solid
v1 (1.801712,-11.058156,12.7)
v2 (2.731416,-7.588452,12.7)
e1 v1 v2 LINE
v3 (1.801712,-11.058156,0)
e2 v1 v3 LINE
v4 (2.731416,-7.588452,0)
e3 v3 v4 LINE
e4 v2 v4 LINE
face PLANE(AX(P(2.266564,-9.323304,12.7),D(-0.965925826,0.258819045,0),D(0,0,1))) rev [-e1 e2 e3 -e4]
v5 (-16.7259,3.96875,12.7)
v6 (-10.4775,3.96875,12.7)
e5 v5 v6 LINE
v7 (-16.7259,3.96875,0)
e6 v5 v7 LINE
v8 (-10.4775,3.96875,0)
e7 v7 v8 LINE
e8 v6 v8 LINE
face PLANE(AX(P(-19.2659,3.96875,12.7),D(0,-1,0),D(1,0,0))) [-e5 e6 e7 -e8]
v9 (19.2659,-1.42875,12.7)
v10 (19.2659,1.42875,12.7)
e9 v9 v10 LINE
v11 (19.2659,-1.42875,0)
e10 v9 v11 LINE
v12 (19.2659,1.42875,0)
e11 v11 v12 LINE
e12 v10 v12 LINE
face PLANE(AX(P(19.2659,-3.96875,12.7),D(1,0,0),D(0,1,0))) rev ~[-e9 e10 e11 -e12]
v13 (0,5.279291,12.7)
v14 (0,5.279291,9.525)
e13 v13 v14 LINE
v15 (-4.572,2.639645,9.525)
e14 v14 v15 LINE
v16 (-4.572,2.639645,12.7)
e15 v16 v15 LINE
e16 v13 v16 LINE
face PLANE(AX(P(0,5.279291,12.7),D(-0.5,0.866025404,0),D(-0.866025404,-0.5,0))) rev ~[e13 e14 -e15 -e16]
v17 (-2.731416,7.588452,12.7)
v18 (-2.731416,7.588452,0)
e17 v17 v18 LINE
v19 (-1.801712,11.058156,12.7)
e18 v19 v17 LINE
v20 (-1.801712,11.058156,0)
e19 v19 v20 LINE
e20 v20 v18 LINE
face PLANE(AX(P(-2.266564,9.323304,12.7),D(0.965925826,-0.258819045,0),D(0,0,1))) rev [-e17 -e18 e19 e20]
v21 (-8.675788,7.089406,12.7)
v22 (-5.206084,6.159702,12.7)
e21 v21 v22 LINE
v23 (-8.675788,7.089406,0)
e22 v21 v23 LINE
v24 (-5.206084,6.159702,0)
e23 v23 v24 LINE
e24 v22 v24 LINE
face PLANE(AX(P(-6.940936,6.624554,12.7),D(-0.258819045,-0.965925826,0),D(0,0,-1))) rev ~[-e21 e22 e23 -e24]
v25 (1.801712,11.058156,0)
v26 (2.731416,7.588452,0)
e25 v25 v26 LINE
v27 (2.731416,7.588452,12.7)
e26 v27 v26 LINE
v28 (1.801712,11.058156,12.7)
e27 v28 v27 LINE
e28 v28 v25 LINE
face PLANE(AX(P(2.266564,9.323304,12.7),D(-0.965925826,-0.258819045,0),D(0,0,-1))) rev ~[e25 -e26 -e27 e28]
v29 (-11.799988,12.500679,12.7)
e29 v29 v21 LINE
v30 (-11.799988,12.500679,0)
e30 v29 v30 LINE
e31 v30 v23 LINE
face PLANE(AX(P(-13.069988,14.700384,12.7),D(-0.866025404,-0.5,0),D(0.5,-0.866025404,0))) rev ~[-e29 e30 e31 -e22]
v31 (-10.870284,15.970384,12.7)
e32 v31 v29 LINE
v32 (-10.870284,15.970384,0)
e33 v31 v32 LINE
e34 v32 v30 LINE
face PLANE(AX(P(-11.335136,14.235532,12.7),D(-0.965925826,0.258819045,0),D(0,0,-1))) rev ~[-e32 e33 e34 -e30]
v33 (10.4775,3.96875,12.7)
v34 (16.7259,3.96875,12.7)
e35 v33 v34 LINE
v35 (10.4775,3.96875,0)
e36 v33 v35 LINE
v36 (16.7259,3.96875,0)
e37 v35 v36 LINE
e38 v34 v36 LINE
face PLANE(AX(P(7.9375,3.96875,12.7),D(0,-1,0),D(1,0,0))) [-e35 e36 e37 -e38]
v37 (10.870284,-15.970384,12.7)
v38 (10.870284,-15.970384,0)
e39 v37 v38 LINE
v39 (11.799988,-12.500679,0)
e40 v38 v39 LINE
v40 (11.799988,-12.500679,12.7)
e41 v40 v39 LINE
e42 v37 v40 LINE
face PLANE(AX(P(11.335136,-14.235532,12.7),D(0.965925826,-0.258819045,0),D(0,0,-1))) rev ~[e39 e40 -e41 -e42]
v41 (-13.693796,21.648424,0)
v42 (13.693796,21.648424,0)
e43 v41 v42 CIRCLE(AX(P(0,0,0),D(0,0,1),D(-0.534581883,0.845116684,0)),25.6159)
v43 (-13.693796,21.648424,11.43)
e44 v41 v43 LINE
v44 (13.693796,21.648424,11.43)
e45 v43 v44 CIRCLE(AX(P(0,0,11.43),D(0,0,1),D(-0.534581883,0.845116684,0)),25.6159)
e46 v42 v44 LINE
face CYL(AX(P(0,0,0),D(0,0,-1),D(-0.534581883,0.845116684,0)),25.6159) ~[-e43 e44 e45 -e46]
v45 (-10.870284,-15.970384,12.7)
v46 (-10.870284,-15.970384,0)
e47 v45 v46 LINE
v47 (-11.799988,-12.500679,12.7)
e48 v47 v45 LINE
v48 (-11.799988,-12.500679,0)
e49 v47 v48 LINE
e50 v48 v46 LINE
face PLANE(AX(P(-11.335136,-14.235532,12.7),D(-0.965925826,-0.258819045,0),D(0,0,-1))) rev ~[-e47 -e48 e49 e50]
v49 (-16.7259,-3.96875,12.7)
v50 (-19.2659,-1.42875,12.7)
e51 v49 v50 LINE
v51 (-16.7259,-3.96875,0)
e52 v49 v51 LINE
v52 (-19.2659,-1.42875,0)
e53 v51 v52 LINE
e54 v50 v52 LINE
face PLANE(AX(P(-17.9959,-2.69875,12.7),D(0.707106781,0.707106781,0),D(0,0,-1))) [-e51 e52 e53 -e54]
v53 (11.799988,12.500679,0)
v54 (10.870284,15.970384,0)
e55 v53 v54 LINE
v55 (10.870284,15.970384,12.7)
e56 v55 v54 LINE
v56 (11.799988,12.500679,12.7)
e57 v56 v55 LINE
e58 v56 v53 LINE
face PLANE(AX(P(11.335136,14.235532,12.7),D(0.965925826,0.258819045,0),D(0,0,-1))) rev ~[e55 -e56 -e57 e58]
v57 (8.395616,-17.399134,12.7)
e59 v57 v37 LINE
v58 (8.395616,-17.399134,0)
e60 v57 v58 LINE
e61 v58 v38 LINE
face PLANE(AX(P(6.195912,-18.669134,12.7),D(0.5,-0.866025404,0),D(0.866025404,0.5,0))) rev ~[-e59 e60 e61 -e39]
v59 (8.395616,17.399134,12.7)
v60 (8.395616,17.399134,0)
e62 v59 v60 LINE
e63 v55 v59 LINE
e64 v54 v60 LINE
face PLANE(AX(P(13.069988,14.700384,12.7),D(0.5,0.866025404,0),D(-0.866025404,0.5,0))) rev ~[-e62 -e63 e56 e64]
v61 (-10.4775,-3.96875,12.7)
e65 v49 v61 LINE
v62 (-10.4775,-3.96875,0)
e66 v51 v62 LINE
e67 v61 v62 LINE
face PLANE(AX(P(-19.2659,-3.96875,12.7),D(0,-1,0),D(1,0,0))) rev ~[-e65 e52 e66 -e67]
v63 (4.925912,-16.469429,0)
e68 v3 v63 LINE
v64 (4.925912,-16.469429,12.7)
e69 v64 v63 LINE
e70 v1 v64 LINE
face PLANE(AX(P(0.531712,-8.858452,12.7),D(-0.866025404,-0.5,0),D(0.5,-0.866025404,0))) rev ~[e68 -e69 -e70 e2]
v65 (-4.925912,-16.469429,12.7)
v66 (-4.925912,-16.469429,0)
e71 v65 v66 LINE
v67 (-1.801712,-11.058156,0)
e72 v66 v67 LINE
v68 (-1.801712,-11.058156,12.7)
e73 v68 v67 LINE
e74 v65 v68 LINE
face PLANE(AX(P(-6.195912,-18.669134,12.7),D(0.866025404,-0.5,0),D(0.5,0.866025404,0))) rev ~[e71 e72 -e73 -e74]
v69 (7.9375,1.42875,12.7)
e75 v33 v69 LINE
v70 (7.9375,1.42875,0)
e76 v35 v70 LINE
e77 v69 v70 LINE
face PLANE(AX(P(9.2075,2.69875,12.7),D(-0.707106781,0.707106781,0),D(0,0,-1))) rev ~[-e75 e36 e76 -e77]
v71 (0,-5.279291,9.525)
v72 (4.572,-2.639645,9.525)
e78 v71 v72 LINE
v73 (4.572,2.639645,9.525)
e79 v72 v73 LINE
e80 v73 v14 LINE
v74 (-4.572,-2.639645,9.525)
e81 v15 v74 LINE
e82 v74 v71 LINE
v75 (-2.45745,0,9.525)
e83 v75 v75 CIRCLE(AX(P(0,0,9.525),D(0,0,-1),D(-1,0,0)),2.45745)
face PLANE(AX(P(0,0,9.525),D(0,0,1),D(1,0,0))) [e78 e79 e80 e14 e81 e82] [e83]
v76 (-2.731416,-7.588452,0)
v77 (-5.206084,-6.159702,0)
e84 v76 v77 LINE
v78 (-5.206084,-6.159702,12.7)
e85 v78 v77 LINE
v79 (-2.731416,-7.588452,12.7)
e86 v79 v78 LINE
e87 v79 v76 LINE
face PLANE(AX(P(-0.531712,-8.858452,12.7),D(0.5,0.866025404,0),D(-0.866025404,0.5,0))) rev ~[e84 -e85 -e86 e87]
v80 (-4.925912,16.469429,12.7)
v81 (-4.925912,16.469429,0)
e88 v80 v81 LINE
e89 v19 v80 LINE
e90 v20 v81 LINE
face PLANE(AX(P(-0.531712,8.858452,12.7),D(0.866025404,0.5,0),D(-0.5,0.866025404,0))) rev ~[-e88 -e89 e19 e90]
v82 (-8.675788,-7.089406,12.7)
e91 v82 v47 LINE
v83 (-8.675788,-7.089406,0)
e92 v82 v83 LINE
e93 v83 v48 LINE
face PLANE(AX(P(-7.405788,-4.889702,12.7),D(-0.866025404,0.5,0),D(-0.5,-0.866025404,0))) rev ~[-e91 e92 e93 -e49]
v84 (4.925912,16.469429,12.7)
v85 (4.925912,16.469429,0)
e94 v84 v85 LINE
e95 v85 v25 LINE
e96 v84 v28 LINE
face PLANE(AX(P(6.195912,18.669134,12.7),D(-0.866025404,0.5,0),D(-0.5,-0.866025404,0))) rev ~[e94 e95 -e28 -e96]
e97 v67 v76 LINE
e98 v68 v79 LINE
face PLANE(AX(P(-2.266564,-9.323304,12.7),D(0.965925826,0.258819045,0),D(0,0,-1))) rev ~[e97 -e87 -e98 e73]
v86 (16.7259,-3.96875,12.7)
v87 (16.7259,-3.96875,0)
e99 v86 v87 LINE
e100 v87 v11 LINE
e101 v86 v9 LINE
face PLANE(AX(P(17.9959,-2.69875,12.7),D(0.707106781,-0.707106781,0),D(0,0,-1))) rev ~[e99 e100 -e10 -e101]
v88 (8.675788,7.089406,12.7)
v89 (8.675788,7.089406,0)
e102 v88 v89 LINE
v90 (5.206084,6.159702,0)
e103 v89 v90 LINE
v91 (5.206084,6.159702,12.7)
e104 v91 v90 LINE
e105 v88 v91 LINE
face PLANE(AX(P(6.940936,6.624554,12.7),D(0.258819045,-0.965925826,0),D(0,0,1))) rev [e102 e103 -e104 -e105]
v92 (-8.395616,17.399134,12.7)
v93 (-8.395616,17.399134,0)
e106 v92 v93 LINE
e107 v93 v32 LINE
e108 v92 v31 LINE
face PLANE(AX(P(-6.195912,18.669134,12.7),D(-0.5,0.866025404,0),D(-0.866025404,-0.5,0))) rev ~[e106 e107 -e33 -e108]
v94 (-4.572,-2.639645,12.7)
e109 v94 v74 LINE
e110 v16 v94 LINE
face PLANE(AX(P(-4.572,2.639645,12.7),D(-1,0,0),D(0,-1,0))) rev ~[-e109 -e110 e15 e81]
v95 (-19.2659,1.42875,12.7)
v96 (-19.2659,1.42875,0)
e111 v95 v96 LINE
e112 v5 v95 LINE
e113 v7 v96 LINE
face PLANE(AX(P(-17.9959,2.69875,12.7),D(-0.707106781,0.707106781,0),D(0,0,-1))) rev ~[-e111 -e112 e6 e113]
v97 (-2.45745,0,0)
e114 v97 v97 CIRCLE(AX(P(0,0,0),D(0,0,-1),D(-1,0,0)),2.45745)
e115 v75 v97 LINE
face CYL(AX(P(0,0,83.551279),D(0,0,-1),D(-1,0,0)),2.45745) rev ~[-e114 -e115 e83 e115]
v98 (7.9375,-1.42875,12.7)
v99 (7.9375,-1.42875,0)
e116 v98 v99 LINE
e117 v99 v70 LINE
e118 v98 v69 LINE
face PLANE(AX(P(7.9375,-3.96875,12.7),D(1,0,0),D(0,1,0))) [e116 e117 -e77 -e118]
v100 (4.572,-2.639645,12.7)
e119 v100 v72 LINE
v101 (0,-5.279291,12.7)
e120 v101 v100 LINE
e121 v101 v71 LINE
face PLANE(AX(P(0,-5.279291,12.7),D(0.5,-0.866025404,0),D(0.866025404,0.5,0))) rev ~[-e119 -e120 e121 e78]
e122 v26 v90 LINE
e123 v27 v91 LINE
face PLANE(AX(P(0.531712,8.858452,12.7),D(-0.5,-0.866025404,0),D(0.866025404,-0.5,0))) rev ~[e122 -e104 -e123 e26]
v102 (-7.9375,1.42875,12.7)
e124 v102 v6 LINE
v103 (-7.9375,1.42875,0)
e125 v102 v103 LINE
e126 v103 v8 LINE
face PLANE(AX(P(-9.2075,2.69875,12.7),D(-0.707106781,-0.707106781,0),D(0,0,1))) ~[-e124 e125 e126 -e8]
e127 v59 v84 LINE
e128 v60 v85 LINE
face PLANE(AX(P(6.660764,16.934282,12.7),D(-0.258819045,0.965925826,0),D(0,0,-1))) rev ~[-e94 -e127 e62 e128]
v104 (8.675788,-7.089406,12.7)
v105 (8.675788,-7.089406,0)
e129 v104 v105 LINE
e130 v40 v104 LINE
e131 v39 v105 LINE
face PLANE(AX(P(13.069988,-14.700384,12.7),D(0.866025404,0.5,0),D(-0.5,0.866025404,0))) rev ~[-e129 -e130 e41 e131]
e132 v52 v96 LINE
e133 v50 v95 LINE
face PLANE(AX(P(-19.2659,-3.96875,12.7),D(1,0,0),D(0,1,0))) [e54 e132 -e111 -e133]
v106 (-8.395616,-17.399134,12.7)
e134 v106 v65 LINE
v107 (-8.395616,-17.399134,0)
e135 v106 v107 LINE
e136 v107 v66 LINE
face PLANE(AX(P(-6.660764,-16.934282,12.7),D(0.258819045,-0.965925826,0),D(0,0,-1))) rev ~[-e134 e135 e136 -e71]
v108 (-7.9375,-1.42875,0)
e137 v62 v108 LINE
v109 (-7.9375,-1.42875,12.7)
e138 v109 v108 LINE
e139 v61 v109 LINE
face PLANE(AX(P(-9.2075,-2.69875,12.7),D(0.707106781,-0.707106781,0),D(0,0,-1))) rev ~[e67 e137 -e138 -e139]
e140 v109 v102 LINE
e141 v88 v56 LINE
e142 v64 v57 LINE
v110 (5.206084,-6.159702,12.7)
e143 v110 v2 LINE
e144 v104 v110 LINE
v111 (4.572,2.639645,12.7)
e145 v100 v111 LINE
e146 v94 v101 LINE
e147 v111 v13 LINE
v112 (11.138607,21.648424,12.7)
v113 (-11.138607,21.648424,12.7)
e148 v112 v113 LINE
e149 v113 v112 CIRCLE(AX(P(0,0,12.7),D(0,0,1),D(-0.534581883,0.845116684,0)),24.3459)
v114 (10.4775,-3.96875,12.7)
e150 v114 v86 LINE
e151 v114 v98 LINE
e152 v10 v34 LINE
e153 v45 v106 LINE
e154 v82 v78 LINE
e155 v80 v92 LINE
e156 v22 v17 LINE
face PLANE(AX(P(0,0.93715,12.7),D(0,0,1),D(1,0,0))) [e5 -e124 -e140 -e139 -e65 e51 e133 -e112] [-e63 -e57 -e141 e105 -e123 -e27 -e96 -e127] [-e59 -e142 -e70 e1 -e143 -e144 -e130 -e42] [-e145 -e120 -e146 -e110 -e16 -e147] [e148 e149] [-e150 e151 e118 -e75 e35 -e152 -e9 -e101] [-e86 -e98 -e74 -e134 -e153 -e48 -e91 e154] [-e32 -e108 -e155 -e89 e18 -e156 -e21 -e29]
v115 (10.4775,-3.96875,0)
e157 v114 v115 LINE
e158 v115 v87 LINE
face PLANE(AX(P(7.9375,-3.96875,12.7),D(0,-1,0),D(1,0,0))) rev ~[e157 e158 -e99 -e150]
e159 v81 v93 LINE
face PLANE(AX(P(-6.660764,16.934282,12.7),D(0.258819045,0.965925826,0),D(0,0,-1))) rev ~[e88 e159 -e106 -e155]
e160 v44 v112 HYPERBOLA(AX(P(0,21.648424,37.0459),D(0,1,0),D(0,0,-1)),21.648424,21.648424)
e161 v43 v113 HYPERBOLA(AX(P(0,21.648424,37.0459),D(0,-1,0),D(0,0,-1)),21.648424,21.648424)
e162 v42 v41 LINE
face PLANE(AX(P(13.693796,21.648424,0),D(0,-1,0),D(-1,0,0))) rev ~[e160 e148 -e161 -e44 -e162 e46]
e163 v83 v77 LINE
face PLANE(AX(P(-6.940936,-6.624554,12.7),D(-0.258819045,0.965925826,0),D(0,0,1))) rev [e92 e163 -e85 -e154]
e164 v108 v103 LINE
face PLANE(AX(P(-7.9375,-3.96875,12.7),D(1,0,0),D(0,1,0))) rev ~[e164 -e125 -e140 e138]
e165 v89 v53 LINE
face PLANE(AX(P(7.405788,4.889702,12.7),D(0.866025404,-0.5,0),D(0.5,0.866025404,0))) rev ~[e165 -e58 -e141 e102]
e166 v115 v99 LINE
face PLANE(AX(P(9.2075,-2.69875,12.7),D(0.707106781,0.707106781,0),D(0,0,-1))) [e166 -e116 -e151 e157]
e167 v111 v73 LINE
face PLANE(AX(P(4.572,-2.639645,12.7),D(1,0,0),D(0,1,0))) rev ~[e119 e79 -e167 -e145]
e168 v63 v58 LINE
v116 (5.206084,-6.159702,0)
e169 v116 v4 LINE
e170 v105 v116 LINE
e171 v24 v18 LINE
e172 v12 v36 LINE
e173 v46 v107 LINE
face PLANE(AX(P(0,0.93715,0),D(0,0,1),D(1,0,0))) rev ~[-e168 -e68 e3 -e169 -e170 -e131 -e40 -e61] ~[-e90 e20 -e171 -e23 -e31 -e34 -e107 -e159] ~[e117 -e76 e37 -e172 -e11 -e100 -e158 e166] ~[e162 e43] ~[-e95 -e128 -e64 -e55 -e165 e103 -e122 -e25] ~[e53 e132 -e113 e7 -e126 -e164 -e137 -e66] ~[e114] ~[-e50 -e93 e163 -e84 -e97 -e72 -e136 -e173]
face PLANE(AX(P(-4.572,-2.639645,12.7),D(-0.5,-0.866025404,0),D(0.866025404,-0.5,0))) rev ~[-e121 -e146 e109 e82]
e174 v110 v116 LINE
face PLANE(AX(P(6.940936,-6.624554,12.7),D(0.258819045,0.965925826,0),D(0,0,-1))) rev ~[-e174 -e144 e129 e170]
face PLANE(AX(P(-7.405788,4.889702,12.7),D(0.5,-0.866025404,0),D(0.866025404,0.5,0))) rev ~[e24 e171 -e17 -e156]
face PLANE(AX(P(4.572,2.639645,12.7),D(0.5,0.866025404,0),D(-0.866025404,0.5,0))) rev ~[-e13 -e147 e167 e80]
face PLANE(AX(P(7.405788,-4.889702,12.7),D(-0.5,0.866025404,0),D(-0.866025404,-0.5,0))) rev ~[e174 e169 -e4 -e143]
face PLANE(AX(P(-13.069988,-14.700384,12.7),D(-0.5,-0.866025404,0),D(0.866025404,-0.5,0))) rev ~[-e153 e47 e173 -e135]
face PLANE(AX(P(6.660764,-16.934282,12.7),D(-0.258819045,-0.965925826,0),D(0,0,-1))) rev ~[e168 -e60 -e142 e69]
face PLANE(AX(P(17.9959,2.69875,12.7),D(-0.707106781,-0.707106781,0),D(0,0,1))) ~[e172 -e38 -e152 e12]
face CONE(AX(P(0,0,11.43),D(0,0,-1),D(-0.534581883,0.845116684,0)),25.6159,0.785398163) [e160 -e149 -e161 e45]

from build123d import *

# Parameters (mm, degrees)
BOSS_EXTRUDE1_DEPTH     = 12.7
CHAMFER1_SIZE           = 1.27
CUT_EXTRUDE1_DEPTH      = 3.175
F_8_CLEARANCE_HOLE1_D   = 4.9149
SKETCH5_W               = 11.3284
SKETCH5_H               = 7.9375
CUT_EXTRUDE_THIN1_DEPTH = 39.388001584
CHAMFER2_SIZE           = 2.54


with BuildPart() as part:
    # Sketch1 → Boss-Extrude1 (new body)
    with BuildSketch(Plane.XY):
        with BuildLine():
            Line((13.693796063, 21.648424474), (-13.693796063, 21.648424474))
            ThreePointArc((-13.693796063, 21.648424474), (0, -25.6159), (13.693796063, 21.648424474))
        make_face()
    extrude(amount=BOSS_EXTRUDE1_DEPTH)

    # Chamfer1
    chamfer1_edges = [part.edges().sort_by_distance(p)[0] for p in [
        (0, -25.6159, 12.7),
    ]]
    chamfer(chamfer1_edges, length=CHAMFER1_SIZE)

    # Sketch2 → Cut-Extrude1 (cut)
    with BuildSketch(Plane.XY.offset(12.7)):
        Polygon((-4.572, -2.639645431), (0, -5.279290861), (4.572, -2.639645431), (4.572, 2.639645431), (0, 5.279290861), (-4.572, 2.639645431), align=None)
    extrude(amount=-CUT_EXTRUDE1_DEPTH, mode=Mode.SUBTRACT)

    # #8 Clearance Hole1 (through all)
    with Locations(Plane.XY.offset(12.7)):
        with Locations((0, 0)):
            Hole(F_8_CLEARANCE_HOLE1_D / 2)

    # Sketch5 → Cut-Extrude-Thin1 (cut, through all)
    with BuildSketch(Plane.XY.offset(12.7)):
        Polygon((-7.405788321, -4.889701643), (-13.069988321, -14.700383827), (-6.195911679, -18.669133827), (-0.531711679, -8.858451643), align=None)
        with Locations((-13.6017, 0)):
            Rectangle(SKETCH5_W, SKETCH5_H)
        Polygon((-0.531711679, 8.858451643), (-6.195911679, 18.669133827), (-13.069988321, 14.700383827), (-7.405788321, 4.889701643), align=None)
        Polygon((7.405788321, 4.889701643), (13.069988321, 14.700383827), (6.195911679, 18.669133827), (0.531711679, 8.858451643), align=None)
        with Locations((13.6017, 0)):
            Rectangle(SKETCH5_W, SKETCH5_H)
        Polygon((0.531711679, -8.858451643), (6.195911679, -18.669133827), (13.069988321, -14.700383827), (7.405788321, -4.889701643), align=None)
    extrude(amount=-CUT_EXTRUDE_THIN1_DEPTH, mode=Mode.SUBTRACT)

    # Chamfer2
    chamfer2_edges = [part.edges().sort_by_distance(p)[0] for p in [
        (6.195911679, -18.669133827, 6.35),
        (0.531711679, -8.858451643, 6.35),
        (7.405788321, -4.889701643, 6.35),
        (13.069988321, -14.700383827, 6.35),
        (19.2659, -3.96875, 6.35),
        (7.9375, -3.96875, 6.35),
        (7.9375, 3.96875, 6.35),
        (19.2659, 3.96875, 6.35),
        (13.069988321, 14.700383827, 6.35),
        (7.405788321, 4.889701643, 6.35),
        (0.531711679, 8.858451643, 6.35),
        (6.195911679, 18.669133827, 6.35),
        (-6.195911679, 18.669133827, 6.35),
        (-0.531711679, 8.858451643, 6.35),
        (-7.405788321, 4.889701643, 6.35),
        (-13.069988321, 14.700383827, 6.35),
        (-19.2659, 3.96875, 6.35),
        (-7.9375, 3.96875, 6.35),
        (-7.9375, -3.96875, 6.35),
        (-19.2659, -3.96875, 6.35),
        (-13.069988321, -14.700383827, 6.35),
        (-7.405788321, -4.889701643, 6.35),
        (-0.531711679, -8.858451643, 6.35),
        (-6.195911679, -18.669133827, 6.35),
    ]]
    chamfer(chamfer2_edges, length=CHAMFER2_SIZE)


solid = part.part
